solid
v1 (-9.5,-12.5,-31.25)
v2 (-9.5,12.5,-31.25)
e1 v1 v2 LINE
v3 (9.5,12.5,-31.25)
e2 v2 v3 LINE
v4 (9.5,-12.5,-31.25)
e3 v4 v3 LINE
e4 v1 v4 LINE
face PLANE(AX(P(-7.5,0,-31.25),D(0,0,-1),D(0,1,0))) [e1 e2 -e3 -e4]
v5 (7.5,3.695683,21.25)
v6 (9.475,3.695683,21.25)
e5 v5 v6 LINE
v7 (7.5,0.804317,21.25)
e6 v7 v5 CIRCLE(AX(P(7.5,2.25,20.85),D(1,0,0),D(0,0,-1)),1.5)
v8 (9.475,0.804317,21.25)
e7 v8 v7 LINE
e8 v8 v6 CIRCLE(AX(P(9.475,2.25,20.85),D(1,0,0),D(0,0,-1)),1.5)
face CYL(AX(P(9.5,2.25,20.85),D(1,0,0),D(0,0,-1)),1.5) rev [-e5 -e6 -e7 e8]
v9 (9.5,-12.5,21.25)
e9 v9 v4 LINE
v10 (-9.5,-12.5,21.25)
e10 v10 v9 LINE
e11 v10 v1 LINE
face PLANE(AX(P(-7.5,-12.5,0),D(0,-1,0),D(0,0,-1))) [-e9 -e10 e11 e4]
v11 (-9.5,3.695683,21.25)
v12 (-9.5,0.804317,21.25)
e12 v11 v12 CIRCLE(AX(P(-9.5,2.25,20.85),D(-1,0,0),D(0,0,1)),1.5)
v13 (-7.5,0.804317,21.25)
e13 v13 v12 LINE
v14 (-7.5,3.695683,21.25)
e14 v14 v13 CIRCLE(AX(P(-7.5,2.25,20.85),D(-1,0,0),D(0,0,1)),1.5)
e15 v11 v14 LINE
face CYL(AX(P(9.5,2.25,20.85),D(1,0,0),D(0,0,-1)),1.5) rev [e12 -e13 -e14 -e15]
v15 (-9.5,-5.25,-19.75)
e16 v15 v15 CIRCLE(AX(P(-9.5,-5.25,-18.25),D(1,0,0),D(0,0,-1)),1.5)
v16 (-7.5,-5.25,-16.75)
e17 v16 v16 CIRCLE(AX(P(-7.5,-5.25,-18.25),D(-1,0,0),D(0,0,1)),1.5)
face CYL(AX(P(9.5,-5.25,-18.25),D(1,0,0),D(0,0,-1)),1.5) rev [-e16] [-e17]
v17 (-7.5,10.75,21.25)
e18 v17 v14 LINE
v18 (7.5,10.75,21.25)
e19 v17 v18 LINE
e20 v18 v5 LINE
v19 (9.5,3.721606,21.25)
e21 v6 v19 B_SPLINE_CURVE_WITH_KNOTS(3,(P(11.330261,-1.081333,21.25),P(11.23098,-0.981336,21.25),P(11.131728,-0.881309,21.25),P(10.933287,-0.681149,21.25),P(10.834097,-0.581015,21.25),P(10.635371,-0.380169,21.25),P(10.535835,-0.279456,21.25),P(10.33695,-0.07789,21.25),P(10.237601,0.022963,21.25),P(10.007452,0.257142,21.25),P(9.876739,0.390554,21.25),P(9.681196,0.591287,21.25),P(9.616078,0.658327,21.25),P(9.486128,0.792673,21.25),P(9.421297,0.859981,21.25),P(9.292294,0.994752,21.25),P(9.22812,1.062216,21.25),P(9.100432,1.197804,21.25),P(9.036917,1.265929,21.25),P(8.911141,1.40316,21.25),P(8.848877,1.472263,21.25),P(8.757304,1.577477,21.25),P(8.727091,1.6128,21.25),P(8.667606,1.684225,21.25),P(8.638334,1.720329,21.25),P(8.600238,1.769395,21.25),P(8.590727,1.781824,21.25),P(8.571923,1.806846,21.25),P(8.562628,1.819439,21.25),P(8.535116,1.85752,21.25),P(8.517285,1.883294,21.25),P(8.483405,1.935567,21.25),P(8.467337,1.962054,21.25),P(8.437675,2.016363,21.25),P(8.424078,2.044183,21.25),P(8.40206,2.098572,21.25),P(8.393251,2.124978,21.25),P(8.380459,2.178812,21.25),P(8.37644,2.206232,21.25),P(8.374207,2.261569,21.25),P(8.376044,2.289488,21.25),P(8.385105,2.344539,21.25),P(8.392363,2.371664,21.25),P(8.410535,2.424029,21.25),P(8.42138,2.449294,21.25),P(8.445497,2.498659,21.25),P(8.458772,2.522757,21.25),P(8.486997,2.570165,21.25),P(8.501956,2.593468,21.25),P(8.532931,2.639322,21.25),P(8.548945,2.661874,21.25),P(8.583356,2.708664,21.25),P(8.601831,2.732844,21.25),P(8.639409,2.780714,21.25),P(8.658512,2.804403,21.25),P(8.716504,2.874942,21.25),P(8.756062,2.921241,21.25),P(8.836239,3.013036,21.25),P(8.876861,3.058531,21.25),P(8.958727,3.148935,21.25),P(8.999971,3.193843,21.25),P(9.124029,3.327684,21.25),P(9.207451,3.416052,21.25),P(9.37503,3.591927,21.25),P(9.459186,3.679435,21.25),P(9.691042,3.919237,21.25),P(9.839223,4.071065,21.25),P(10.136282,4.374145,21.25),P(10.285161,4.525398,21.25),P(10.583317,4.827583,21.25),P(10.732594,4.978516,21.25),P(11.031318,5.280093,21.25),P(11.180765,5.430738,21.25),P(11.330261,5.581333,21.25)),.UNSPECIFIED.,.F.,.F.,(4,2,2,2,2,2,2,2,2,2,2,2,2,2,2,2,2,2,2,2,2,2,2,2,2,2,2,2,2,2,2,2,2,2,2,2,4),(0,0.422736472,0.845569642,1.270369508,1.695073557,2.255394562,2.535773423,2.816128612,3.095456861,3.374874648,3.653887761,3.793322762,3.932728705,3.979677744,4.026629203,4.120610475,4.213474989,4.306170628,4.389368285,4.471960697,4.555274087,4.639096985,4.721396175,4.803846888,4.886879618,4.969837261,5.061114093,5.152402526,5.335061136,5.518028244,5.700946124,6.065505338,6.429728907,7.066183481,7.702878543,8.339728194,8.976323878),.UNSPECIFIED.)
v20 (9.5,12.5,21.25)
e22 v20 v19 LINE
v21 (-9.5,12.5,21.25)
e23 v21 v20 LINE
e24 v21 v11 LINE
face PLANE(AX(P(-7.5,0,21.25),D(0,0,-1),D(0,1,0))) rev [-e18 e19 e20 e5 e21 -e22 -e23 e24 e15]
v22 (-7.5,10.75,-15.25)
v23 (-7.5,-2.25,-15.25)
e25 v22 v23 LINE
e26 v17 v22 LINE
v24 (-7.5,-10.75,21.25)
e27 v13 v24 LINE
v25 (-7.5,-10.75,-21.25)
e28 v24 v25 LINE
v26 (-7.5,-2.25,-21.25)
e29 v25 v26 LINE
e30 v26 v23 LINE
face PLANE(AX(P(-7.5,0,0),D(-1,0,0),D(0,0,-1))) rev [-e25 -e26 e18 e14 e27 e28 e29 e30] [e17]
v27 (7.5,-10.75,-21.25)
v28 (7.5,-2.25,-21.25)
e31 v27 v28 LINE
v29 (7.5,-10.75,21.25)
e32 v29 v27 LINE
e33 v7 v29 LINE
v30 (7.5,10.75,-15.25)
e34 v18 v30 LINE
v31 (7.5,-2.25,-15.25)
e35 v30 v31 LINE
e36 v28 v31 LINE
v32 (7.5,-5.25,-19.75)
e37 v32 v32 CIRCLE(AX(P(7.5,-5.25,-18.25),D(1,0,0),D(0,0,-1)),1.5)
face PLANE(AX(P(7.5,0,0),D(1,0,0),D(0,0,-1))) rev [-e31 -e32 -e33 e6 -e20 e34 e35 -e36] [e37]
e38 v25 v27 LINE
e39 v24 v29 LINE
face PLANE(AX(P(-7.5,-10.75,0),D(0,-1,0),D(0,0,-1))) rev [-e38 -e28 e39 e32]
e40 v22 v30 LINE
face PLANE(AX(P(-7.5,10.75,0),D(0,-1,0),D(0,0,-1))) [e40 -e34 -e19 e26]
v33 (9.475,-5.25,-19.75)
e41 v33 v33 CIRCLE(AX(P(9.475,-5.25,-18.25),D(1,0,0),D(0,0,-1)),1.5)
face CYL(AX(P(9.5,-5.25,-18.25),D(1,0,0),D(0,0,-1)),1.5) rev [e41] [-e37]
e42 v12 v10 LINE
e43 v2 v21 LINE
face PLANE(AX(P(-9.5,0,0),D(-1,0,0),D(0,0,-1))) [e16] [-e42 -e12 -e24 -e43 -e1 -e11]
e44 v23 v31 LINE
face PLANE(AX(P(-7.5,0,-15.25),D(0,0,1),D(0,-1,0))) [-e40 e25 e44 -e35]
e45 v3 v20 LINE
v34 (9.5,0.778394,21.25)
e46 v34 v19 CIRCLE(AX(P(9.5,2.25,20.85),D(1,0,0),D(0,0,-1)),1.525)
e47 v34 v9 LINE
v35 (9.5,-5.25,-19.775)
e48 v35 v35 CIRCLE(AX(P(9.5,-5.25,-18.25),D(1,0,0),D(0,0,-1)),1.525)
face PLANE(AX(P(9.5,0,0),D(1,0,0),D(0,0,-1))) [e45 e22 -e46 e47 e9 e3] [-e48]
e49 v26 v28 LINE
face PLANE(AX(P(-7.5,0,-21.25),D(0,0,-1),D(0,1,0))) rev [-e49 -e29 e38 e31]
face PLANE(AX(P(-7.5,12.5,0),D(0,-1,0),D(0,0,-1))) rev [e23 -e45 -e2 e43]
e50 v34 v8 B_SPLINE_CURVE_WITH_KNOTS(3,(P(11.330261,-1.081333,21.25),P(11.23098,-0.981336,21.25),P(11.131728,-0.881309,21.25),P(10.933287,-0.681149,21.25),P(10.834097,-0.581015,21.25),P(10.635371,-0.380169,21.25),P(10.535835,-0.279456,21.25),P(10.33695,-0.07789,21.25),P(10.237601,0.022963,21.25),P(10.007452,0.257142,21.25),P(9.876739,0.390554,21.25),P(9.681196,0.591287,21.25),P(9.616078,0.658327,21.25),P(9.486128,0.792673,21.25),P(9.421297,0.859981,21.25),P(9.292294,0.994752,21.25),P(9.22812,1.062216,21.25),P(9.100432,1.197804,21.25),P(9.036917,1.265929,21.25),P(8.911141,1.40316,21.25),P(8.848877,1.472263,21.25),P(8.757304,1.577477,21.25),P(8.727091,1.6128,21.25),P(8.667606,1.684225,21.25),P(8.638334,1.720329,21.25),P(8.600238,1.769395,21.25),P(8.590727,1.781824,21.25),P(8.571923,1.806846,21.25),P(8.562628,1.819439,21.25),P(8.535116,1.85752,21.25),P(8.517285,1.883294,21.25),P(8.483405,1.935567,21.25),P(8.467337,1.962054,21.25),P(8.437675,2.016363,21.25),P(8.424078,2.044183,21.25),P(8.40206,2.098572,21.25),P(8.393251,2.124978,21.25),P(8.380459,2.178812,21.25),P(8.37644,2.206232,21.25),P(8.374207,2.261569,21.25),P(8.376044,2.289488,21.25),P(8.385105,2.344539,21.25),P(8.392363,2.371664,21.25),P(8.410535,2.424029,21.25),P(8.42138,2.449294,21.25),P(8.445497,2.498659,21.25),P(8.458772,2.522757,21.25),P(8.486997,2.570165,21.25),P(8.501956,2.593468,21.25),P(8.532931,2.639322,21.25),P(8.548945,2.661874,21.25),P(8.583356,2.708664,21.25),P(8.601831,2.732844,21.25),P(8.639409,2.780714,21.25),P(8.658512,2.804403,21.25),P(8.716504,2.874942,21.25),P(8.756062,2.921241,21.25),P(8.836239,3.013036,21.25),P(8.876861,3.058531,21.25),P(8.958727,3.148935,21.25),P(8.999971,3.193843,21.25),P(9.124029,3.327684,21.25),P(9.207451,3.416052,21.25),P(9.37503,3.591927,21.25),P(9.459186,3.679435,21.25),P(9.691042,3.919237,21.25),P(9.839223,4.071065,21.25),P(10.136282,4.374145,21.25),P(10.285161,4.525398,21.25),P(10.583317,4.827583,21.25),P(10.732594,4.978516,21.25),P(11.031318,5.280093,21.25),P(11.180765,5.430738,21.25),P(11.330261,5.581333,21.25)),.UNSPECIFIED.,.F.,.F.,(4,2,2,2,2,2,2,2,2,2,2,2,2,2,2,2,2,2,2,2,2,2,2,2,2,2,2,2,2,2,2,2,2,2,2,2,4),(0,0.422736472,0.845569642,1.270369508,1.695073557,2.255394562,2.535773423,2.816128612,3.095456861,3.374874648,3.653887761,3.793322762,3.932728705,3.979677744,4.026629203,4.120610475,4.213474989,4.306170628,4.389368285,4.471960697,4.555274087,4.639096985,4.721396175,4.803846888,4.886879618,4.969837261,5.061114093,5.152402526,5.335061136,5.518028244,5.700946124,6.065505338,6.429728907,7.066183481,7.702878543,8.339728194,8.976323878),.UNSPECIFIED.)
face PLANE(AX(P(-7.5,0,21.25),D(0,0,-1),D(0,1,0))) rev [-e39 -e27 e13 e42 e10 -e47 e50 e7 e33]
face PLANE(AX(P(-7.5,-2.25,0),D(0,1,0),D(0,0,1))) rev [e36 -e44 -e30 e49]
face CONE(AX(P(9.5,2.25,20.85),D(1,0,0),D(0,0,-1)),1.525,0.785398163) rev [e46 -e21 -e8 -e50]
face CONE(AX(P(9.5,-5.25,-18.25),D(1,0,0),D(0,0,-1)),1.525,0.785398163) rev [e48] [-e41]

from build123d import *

# Parameters (mm, degrees)
BOSS_EXTRUDE1_DEPTH             = 7.5
BOSS_EXTRUDE1_DEPTH_BACK        = 7.5
SKETCH2_W                       = 25
SKETCH2_H                       = 52.5
BOSS_EXTRUDE2_DEPTH             = 2
F_3_0MM_DOWEL_HOLE1_D           = 3
F_3_0MM_DOWEL_HOLE1_CSINK_D     = 3.05
F_3_0MM_DOWEL_HOLE1_CSINK_ANGLE = 90


with BuildPart() as part:
    # Sketch1 → Boss-Extrude1 (new, two sides: drawn at the far end of the back side and taken through both)
    with BuildSketch(Plane.YZ.offset(-BOSS_EXTRUDE1_DEPTH_BACK)):
        Polygon((-10.75, -21.25), (-10.75, 21.25), (-12.5, 21.25), (-12.5, -31.25), (12.5, -31.25), (12.5, 21.25), (10.75, 21.25), (10.75, -15.25), (-2.25, -15.25), (-2.25, -21.25), align=None)
    extrude(amount=BOSS_EXTRUDE1_DEPTH + BOSS_EXTRUDE1_DEPTH_BACK)

    # Sketch2 → Boss-Extrude2 (add)
    with BuildSketch(Plane.YZ.offset(7.5)):
        with Locations((0, -5)):
            Rectangle(SKETCH2_W, SKETCH2_H)
    boss_extrude2 = extrude(amount=BOSS_EXTRUDE2_DEPTH)

    # Mirror2: Boss-Extrude2 across plane
    add(boss_extrude2.mirror(Plane(origin=(0, 0, 0), x_dir=(0, 0, 1), z_dir=(1, 0, 0))))

    # Ø3.0mm Dowel Hole1 (through all)
    with Locations(Plane.YZ.offset(9.5)):
        with Locations((2.25, 20.85), (-5.25, -18.25)):
            CounterSinkHole(F_3_0MM_DOWEL_HOLE1_D / 2, F_3_0MM_DOWEL_HOLE1_CSINK_D / 2, counter_sink_angle=F_3_0MM_DOWEL_HOLE1_CSINK_ANGLE)


solid = part.part
